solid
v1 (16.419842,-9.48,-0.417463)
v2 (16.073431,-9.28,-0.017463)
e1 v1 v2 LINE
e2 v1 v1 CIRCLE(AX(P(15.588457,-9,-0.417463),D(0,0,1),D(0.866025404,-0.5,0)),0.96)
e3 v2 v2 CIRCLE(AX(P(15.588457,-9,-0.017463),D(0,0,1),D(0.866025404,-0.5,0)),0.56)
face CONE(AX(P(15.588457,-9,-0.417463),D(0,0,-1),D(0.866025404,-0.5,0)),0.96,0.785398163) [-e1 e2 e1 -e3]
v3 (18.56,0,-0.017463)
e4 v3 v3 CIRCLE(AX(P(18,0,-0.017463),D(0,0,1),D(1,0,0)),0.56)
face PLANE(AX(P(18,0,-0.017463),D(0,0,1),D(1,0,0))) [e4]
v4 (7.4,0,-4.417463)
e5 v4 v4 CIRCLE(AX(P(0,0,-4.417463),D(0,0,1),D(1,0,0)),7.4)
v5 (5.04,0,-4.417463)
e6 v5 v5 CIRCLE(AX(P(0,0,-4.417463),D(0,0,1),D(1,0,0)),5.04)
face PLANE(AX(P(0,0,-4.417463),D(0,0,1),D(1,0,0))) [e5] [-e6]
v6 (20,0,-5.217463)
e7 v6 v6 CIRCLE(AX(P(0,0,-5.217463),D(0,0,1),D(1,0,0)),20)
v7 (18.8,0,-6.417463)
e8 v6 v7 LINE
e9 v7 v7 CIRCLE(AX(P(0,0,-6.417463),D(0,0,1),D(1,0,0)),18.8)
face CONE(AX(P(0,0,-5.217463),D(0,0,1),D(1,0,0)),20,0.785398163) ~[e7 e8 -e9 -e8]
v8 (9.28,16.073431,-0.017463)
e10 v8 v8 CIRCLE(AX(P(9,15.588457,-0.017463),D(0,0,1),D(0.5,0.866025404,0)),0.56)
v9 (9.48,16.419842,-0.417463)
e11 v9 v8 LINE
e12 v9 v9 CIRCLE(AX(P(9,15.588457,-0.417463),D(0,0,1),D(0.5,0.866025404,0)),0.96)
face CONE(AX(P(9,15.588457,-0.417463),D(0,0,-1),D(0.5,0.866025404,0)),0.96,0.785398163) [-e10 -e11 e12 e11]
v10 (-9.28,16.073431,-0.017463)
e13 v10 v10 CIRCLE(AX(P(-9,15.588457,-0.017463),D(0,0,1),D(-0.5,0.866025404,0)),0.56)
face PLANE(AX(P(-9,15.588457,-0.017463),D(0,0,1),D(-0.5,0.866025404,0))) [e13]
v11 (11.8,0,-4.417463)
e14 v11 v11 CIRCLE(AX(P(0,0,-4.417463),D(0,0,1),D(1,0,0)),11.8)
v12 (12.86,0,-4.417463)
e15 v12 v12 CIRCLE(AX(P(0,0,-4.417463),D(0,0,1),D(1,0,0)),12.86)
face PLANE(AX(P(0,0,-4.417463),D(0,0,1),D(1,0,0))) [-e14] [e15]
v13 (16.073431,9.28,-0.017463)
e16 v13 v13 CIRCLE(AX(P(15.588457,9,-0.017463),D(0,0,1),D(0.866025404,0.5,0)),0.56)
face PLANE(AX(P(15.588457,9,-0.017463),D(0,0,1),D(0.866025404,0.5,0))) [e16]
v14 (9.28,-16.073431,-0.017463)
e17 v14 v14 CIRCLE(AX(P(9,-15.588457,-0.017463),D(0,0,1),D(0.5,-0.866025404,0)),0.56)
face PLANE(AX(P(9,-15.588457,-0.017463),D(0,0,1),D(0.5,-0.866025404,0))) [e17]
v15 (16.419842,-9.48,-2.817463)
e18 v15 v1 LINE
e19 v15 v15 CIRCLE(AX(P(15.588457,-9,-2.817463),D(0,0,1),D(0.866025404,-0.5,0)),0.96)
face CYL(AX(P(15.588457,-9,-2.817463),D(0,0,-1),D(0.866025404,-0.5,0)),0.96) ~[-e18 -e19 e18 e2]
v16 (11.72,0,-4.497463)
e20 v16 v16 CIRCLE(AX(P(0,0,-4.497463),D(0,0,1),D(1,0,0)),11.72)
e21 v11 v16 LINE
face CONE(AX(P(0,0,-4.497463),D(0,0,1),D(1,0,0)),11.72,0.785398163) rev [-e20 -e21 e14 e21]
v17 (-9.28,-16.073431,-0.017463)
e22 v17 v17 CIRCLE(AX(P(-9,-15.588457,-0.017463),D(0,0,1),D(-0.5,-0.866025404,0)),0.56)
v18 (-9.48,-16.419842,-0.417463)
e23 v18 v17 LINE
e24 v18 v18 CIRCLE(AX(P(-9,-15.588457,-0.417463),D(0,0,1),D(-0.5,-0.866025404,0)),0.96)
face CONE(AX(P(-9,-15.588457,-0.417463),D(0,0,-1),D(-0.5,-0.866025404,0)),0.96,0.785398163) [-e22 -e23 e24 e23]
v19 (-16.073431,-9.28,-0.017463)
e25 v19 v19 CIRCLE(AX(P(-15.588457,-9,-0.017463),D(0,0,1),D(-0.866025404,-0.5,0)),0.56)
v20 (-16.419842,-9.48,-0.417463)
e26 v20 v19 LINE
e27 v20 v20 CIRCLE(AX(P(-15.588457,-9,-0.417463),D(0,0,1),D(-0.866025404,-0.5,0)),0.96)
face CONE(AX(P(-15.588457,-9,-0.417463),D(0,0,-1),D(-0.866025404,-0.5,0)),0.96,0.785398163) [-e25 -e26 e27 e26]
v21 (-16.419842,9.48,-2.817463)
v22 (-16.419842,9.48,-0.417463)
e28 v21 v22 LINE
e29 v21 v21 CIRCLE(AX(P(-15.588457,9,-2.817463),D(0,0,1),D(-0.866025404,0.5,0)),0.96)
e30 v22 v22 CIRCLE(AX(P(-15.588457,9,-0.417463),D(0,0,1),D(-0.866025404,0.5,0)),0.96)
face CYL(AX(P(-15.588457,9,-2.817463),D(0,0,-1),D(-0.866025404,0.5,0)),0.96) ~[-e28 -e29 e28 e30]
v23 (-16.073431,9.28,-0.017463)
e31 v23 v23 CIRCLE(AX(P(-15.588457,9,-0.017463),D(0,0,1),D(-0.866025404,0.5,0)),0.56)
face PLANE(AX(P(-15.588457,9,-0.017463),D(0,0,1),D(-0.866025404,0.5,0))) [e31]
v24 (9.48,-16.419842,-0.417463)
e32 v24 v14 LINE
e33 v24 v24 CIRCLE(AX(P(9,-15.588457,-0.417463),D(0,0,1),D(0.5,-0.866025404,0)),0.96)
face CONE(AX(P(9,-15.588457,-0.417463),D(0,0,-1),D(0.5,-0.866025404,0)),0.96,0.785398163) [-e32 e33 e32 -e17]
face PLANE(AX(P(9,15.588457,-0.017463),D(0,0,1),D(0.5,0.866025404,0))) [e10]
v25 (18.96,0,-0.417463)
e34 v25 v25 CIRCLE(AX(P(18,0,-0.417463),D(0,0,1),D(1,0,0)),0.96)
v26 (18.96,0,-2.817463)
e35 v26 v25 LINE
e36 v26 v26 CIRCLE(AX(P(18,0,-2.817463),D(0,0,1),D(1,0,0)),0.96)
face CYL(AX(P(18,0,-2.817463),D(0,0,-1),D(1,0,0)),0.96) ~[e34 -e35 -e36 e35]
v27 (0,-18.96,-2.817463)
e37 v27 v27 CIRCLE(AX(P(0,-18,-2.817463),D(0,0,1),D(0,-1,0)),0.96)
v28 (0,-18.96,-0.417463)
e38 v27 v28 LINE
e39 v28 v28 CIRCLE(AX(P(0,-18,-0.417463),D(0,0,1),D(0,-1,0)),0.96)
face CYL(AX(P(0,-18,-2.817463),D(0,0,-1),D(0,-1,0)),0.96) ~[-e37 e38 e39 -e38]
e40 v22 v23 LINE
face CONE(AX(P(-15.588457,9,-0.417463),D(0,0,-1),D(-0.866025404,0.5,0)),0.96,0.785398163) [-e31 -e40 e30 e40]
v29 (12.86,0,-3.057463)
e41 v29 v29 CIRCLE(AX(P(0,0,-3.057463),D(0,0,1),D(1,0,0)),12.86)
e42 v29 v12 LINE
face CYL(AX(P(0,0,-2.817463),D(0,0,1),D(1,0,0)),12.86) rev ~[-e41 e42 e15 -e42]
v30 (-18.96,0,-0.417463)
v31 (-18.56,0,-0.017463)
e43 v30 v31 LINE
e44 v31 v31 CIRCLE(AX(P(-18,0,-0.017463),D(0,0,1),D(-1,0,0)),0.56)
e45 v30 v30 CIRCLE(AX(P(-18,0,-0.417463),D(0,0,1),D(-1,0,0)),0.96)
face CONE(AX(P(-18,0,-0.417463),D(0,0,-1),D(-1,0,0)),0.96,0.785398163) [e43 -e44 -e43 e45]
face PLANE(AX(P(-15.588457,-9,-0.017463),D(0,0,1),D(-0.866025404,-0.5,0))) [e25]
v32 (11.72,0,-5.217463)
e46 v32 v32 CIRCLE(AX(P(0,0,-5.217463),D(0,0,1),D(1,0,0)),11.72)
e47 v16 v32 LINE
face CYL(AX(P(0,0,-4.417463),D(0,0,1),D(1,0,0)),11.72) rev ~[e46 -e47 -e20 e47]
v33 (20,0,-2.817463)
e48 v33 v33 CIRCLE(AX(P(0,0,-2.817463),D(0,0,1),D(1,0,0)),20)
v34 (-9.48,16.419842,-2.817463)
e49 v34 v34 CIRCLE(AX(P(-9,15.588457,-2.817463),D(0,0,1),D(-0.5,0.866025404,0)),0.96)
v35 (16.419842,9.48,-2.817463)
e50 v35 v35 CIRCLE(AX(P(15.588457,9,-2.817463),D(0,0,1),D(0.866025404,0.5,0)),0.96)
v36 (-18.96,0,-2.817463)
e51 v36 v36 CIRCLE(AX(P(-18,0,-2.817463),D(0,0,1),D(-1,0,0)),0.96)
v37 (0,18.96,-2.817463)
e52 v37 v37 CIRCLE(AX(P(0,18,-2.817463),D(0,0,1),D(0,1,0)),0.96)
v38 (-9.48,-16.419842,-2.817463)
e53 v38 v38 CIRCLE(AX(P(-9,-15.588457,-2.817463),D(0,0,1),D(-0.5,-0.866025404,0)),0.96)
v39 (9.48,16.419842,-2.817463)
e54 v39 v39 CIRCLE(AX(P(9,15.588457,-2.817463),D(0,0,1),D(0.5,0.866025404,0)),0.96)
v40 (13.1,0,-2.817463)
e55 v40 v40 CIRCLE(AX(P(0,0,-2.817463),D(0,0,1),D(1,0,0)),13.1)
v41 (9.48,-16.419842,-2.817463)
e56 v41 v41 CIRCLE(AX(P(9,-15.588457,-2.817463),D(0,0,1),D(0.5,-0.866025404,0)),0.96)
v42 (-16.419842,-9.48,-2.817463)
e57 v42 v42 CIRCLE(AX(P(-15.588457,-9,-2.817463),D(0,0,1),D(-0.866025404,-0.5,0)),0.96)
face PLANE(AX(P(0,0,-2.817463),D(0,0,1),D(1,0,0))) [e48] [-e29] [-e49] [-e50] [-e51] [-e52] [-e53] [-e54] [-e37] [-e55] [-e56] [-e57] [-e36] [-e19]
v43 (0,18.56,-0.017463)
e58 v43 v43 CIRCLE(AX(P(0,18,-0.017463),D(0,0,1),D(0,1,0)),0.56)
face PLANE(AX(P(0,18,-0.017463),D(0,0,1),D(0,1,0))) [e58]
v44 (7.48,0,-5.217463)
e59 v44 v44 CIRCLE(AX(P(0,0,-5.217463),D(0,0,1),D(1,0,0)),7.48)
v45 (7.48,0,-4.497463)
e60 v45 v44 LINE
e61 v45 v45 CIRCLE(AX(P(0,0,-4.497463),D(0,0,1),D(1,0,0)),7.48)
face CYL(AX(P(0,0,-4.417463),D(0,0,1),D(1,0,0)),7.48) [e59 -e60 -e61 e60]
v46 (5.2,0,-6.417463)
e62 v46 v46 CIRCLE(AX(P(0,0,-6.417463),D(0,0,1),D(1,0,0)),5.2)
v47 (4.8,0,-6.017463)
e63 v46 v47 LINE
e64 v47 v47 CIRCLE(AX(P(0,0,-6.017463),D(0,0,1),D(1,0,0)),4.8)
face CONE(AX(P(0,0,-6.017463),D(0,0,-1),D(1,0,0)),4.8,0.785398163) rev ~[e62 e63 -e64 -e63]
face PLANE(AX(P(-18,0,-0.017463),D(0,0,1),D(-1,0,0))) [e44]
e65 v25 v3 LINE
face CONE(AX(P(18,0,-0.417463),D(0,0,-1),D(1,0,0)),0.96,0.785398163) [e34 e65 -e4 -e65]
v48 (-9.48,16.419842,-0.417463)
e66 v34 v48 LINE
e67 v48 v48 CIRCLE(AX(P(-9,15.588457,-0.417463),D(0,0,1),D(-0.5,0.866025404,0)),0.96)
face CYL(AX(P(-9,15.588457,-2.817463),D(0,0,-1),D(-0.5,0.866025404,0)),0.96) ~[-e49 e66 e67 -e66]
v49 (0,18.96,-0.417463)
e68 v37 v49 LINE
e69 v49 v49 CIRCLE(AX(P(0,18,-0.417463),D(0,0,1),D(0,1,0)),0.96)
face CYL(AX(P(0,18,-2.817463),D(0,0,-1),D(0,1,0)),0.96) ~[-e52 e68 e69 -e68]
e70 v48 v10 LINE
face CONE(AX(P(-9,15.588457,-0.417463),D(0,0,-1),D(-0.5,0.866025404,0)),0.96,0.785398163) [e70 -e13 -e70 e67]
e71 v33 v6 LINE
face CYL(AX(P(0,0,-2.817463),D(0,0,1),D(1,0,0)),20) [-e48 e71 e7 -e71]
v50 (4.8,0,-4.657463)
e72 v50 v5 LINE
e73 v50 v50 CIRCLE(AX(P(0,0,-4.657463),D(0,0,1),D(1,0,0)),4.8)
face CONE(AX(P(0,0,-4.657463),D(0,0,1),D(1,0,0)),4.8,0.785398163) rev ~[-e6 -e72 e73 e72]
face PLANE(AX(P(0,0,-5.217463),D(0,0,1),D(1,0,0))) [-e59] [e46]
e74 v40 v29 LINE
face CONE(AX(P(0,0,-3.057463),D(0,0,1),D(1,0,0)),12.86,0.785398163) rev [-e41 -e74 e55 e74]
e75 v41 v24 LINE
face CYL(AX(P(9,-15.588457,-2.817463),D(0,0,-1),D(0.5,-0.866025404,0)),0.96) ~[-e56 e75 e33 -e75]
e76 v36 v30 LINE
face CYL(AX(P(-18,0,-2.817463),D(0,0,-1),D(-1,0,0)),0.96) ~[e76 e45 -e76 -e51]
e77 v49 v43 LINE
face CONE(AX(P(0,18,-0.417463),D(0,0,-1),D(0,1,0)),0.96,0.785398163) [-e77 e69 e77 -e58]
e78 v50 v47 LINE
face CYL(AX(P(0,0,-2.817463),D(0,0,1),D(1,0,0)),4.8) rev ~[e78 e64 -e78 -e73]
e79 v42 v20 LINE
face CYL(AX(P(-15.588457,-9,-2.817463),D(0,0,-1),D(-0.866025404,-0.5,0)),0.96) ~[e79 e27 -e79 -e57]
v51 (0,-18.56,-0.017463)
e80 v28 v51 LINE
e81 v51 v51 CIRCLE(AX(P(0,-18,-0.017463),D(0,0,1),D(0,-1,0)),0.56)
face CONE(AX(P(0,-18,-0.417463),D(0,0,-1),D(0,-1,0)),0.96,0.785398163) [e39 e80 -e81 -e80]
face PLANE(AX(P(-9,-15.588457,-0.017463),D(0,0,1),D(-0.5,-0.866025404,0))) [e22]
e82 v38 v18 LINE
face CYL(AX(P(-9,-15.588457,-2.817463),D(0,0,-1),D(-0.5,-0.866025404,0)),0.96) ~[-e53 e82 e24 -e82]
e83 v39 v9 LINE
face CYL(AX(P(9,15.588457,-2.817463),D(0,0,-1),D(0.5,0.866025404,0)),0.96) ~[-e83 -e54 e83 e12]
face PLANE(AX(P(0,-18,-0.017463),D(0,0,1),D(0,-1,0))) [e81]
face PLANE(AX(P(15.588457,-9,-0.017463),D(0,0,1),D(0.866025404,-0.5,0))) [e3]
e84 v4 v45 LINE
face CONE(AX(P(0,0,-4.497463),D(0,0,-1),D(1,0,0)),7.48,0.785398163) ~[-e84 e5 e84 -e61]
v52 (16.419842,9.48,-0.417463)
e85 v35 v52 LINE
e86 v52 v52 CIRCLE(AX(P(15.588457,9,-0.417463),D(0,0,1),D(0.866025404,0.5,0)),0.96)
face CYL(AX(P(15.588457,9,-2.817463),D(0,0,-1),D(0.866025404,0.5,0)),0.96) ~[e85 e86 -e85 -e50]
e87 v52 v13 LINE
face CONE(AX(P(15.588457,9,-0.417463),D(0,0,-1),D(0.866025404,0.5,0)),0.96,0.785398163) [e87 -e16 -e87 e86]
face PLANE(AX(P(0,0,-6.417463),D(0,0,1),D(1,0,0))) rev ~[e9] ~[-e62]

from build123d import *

# Parameters (mm, degrees)
SKETCH1_R                    = 50
BOSS_EXTRUDE1_DEPTH          = 9
SKETCH2_R                    = 2.4
BOSS_EXTRUDE2_DEPTH          = 7
CHAMFER1_SIZE                = 1
CIRPATTERN1_COUNT            = 12
CHAMFER1_OF_CIRPATTERN1_SIZE = 1
SKETCH3_R                    = 32.15
CUT_EXTRUDE1_DEPTH           = 4
SKETCH4_R                    = 12
CUT_EXTRUDE2_DEPTH           = 72.281133549
CHAMFER2_SIZE                = 0.6
SKETCH5_R                    = 29.3
SKETCH5_R_2                  = 18.7
CUT_EXTRUDE3_DEPTH           = 2
CHAMFER3_SIZE                = 0.2
CHAMFER4_SIZE                = 3
CHAMFER5_SIZE                = 1
CHAMFER6_SIZE                = 0.6
SCALE1_SCALE                 = 0.4


with BuildPart() as part:
    # Sketch1 → Boss-Extrude1 (new body)
    with BuildSketch(Plane.XY):
        Circle(SKETCH1_R)
    extrude(amount=-BOSS_EXTRUDE1_DEPTH)

    # Sketch2 → Boss-Extrude2 (add)
    with BuildSketch(Plane.XY):
        with Locations((45, 0)):
            Circle(SKETCH2_R)
    boss_extrude2 = extrude(amount=BOSS_EXTRUDE2_DEPTH)

    # Chamfer1
    chamfer1_edges = [part.edges().sort_by_distance(p)[0] for p in [
        (42.6, 0, 7),
    ]]
    chamfer(chamfer1_edges, length=CHAMFER1_SIZE)

    # CirPattern1: Boss-Extrude2 ×12 about axis
    cirpattern1_axis = Axis((0, 0, 0), (0, 0, 1))
    for i in range(1, CIRPATTERN1_COUNT):
        add(boss_extrude2.rotate(cirpattern1_axis, i * 360 / CIRPATTERN1_COUNT))

    # Chamfer1 of CirPattern1
    chamfer1_of_cirpattern1_edges = [part.edges().sort_by_distance(p)[0] for p in [
        (36.892682201, 21.3, 7),
        (21.3, 36.892682201, 7),
        (0, 42.6, 7),
        (-21.3, 36.892682201, 7),
        (-36.892682201, 21.3, 7),
        (-42.6, 0, 7),
        (-36.892682201, -21.3, 7),
        (-21.3, -36.892682201, 7),
        (0, -42.6, 7),
        (21.3, -36.892682201, 7),
        (36.892682201, -21.3, 7),
    ]]
    chamfer(chamfer1_of_cirpattern1_edges, length=CHAMFER1_OF_CIRPATTERN1_SIZE)

    # Sketch3 → Cut-Extrude1 (cut)
    with BuildSketch(Plane.XY):
        Circle(SKETCH3_R)
    extrude(amount=-CUT_EXTRUDE1_DEPTH, mode=Mode.SUBTRACT)

    # Sketch4 → Cut-Extrude2 (cut, through all)
    with BuildSketch(Plane.XY):
        Circle(SKETCH4_R)
    extrude(amount=-CUT_EXTRUDE2_DEPTH, mode=Mode.SUBTRACT)

    # Chamfer2
    chamfer2_edges = [part.edges().sort_by_distance(p)[0] for p in [
        (-32.15, 0, 0),
    ]]
    chamfer(chamfer2_edges, length=CHAMFER2_SIZE)

    # Sketch5 → Cut-Extrude3 (cut)
    with BuildSketch(Plane.XY.offset(-4)):
        Circle(SKETCH5_R)
        Circle(SKETCH5_R_2, mode=Mode.SUBTRACT)
    extrude(amount=-CUT_EXTRUDE3_DEPTH, mode=Mode.SUBTRACT)

    # Chamfer3
    chamfer3_edges = [part.edges().sort_by_distance(p)[0] for p in [
        (-29.3, 0, -4),
        (-18.7, 0, -4),
    ]]
    chamfer(chamfer3_edges, length=CHAMFER3_SIZE)

    # Chamfer4
    chamfer4_edges = [part.edges().sort_by_distance(p)[0] for p in [
        (-50, 0, -9),
    ]]
    chamfer(chamfer4_edges, length=CHAMFER4_SIZE)

    # Chamfer5
    chamfer5_edges = [part.edges().sort_by_distance(p)[0] for p in [
        (-12, 0, -9),
    ]]
    chamfer(chamfer5_edges, length=CHAMFER5_SIZE)

    # Chamfer6
    chamfer6_edges = [part.edges().sort_by_distance(p)[0] for p in [
        (-12, 0, -4),
    ]]
    chamfer(chamfer6_edges, length=CHAMFER6_SIZE)


with BuildPart() as part_1:
    # Scale1: scaled about (0, 0, -4.695771531)
    add(part.part.scale(SCALE1_SCALE).moved(Location((0, 0, -2.817462919))))


solid = part_1.part
